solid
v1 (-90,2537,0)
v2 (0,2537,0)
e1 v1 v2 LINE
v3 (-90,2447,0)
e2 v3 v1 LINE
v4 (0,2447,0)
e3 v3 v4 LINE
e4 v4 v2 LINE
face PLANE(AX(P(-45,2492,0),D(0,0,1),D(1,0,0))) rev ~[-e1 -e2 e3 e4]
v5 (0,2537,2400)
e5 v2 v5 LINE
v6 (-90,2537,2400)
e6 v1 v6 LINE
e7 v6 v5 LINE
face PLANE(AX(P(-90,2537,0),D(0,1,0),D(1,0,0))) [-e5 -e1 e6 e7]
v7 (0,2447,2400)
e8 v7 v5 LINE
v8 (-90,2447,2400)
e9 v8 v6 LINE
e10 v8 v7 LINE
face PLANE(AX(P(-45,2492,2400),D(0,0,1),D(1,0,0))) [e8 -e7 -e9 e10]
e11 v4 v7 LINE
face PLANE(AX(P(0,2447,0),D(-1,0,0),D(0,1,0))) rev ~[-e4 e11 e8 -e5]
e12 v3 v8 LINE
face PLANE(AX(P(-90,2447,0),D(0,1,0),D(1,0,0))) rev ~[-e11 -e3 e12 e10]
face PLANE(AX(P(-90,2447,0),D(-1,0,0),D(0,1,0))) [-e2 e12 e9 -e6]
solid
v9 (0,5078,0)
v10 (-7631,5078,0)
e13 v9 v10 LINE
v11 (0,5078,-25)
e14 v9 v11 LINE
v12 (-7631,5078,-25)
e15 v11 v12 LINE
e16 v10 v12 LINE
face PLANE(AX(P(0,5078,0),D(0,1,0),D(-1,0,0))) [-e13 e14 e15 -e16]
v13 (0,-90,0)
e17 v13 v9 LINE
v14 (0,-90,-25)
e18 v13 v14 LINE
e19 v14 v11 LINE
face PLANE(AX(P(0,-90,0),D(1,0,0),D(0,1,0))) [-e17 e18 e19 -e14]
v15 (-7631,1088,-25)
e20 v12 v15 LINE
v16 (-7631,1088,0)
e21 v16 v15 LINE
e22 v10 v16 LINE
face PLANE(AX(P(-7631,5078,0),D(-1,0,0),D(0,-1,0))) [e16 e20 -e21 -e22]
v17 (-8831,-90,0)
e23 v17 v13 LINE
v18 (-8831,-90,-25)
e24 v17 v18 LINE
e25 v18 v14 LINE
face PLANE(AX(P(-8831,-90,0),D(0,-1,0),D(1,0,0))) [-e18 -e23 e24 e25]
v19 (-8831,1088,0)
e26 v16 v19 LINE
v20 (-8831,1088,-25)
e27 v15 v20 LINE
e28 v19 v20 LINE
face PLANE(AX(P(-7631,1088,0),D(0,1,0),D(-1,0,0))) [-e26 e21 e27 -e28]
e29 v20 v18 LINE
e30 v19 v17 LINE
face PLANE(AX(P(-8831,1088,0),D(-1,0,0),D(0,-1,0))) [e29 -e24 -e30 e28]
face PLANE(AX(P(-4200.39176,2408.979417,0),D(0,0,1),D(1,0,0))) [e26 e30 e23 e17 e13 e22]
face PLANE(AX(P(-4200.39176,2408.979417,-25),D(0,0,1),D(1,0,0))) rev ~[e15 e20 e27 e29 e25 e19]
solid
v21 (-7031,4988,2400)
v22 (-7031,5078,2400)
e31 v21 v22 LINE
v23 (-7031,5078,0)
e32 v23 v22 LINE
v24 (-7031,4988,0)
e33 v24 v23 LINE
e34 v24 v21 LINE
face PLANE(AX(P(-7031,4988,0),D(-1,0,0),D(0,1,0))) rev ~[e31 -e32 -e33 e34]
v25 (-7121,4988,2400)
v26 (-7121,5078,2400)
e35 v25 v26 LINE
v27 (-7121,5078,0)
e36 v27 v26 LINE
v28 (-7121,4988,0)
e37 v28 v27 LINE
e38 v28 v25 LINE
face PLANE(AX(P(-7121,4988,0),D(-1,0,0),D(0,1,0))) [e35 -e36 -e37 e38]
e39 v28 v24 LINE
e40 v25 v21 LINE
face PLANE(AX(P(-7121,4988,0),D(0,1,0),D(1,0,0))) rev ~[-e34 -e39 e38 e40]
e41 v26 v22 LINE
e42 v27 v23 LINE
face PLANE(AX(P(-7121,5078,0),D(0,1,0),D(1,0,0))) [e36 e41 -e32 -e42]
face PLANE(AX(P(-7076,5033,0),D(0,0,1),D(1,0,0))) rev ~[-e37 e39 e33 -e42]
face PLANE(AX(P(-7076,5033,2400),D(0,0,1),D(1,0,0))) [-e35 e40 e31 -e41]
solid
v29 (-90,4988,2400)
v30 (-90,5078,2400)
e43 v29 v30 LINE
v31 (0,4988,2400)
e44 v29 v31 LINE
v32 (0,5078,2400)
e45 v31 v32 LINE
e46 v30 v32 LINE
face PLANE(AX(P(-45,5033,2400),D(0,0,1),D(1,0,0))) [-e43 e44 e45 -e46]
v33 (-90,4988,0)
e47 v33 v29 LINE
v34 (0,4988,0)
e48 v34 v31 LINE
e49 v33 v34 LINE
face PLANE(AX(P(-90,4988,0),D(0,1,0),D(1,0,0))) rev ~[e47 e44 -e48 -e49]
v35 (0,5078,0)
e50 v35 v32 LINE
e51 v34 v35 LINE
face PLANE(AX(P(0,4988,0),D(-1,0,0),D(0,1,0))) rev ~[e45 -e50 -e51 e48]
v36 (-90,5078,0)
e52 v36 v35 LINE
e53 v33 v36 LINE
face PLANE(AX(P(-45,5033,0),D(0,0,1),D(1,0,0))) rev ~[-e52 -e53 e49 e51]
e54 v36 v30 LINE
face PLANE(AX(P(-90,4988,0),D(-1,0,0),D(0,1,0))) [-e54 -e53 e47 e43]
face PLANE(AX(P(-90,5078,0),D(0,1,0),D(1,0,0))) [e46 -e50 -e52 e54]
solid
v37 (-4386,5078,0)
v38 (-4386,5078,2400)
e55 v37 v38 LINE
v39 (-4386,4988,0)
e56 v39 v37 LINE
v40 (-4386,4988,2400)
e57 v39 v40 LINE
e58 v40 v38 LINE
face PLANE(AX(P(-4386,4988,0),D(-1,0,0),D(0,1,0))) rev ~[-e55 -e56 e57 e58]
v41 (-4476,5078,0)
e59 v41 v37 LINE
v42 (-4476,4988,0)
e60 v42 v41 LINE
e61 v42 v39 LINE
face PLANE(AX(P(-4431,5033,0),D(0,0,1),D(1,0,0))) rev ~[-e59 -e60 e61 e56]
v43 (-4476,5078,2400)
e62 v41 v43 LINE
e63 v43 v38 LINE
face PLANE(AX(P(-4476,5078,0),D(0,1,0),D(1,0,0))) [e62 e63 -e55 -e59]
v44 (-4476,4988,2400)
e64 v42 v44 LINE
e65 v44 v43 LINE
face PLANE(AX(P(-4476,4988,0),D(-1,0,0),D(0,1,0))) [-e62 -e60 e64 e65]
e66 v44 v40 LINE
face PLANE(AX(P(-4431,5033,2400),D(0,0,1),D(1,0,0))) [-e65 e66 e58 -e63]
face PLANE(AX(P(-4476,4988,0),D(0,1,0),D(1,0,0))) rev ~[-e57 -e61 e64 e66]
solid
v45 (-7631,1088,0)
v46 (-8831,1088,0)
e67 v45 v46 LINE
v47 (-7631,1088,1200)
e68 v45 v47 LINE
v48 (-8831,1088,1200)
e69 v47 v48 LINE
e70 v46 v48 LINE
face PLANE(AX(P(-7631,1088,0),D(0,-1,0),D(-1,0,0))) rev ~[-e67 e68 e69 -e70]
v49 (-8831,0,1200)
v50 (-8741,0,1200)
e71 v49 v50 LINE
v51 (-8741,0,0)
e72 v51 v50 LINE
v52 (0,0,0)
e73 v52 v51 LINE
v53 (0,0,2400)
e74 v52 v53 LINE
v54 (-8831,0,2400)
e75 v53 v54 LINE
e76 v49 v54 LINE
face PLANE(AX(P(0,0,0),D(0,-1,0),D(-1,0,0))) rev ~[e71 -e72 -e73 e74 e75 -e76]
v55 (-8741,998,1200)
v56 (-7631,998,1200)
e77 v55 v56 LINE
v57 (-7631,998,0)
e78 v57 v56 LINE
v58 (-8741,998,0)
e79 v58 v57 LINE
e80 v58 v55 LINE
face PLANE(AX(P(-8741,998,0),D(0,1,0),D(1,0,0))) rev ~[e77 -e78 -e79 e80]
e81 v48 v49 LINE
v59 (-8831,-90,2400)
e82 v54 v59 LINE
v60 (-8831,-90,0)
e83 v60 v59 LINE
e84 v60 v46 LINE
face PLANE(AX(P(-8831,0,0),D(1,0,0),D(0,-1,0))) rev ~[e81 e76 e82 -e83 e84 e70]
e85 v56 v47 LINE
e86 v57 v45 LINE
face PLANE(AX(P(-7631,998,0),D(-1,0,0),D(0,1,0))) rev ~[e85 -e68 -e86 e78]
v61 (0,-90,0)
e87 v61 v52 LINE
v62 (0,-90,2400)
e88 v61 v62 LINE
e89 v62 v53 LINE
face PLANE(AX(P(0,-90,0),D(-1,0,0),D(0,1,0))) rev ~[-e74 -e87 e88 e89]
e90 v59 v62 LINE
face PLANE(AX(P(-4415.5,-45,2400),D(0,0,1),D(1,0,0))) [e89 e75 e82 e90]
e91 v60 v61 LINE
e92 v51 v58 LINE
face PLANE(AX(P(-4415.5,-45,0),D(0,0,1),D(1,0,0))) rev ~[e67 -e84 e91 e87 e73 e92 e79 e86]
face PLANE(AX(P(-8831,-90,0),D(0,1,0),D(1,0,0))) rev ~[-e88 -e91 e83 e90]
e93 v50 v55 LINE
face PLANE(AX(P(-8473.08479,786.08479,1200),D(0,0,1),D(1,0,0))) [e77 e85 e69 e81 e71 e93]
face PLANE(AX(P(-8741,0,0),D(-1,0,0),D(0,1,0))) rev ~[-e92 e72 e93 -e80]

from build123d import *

# Parameters (mm, degrees)
F1_DEPTH = 1200
F2_DEPTH = 2400
F0_W     = 90
F0_H     = 90
F3_DEPTH = 2400
F4_DEPTH = 25


with BuildPart() as f1:
    # F0 (on Top) → F1 (new body)
    with BuildSketch(Plane.XY):
        Polygon((-8831, 0), (-8741, 0), (-8741, 998), (-7631, 998), (-7631, 1088), (-8831, 1088), (-8831, 998), align=None)
    extrude(amount=F1_DEPTH)

    # F0 (on Top) → F2 (join)
    with BuildSketch(Plane.XY):
        Polygon((0, -90), (0, 0), (-8741, 0), (-8831, 0), (-8831, -90), align=None)
    extrude(amount=F2_DEPTH)


with BuildPart() as f3:
    # F0 (on Top) → F3 (new body)
    with BuildSketch(Plane.XY):
        with Locations((-45, 2492)):
            Rectangle(F0_W, F0_H)
        with Locations((-45, 5033)):
            Rectangle(F0_W, F0_H)
        with Locations((-4431, 5033)):
            Rectangle(F0_W, F0_H)
        with Locations((-7076, 5033)):
            Rectangle(F0_W, F0_H)
    extrude(amount=F3_DEPTH)


with BuildPart() as f4:
    # F0 (on Top) → F4 (new body)
    with BuildSketch(Plane.XY):
        Polygon((0, 0), (0, 2447), (-90, 2447), (-90, 2537), (0, 2537), (0, 4988), (-90, 4988), (-90, 5078), (-4386, 5078), (-4386, 4988), (-4476, 4988), (-4476, 5078), (-7031, 5078), (-7031, 4988), (-7121, 4988), (-7121, 5078), (-7631, 5078), (-7631, 1088), (-7631, 998), (-8741, 998), (-8741, 0), align=None)
        Polygon((0, -90), (0, 0), (-8741, 0), (-8831, 0), (-8831, -90), align=None)
        Polygon((-8831, 0), (-8741, 0), (-8741, 998), (-7631, 998), (-7631, 1088), (-8831, 1088), (-8831, 998), align=None)
        with Locations((-7076, 5033)):
            Rectangle(F0_W, F0_H)
        with Locations((-4431, 5033)):
            Rectangle(F0_W, F0_H)
        with Locations((-45, 5033)):
            Rectangle(F0_W, F0_H)
        with Locations((-45, 2492)):
            Rectangle(F0_W, F0_H)
    extrude(amount=-F4_DEPTH)


solid = Compound([f1.part, f3.part, f4.part])
